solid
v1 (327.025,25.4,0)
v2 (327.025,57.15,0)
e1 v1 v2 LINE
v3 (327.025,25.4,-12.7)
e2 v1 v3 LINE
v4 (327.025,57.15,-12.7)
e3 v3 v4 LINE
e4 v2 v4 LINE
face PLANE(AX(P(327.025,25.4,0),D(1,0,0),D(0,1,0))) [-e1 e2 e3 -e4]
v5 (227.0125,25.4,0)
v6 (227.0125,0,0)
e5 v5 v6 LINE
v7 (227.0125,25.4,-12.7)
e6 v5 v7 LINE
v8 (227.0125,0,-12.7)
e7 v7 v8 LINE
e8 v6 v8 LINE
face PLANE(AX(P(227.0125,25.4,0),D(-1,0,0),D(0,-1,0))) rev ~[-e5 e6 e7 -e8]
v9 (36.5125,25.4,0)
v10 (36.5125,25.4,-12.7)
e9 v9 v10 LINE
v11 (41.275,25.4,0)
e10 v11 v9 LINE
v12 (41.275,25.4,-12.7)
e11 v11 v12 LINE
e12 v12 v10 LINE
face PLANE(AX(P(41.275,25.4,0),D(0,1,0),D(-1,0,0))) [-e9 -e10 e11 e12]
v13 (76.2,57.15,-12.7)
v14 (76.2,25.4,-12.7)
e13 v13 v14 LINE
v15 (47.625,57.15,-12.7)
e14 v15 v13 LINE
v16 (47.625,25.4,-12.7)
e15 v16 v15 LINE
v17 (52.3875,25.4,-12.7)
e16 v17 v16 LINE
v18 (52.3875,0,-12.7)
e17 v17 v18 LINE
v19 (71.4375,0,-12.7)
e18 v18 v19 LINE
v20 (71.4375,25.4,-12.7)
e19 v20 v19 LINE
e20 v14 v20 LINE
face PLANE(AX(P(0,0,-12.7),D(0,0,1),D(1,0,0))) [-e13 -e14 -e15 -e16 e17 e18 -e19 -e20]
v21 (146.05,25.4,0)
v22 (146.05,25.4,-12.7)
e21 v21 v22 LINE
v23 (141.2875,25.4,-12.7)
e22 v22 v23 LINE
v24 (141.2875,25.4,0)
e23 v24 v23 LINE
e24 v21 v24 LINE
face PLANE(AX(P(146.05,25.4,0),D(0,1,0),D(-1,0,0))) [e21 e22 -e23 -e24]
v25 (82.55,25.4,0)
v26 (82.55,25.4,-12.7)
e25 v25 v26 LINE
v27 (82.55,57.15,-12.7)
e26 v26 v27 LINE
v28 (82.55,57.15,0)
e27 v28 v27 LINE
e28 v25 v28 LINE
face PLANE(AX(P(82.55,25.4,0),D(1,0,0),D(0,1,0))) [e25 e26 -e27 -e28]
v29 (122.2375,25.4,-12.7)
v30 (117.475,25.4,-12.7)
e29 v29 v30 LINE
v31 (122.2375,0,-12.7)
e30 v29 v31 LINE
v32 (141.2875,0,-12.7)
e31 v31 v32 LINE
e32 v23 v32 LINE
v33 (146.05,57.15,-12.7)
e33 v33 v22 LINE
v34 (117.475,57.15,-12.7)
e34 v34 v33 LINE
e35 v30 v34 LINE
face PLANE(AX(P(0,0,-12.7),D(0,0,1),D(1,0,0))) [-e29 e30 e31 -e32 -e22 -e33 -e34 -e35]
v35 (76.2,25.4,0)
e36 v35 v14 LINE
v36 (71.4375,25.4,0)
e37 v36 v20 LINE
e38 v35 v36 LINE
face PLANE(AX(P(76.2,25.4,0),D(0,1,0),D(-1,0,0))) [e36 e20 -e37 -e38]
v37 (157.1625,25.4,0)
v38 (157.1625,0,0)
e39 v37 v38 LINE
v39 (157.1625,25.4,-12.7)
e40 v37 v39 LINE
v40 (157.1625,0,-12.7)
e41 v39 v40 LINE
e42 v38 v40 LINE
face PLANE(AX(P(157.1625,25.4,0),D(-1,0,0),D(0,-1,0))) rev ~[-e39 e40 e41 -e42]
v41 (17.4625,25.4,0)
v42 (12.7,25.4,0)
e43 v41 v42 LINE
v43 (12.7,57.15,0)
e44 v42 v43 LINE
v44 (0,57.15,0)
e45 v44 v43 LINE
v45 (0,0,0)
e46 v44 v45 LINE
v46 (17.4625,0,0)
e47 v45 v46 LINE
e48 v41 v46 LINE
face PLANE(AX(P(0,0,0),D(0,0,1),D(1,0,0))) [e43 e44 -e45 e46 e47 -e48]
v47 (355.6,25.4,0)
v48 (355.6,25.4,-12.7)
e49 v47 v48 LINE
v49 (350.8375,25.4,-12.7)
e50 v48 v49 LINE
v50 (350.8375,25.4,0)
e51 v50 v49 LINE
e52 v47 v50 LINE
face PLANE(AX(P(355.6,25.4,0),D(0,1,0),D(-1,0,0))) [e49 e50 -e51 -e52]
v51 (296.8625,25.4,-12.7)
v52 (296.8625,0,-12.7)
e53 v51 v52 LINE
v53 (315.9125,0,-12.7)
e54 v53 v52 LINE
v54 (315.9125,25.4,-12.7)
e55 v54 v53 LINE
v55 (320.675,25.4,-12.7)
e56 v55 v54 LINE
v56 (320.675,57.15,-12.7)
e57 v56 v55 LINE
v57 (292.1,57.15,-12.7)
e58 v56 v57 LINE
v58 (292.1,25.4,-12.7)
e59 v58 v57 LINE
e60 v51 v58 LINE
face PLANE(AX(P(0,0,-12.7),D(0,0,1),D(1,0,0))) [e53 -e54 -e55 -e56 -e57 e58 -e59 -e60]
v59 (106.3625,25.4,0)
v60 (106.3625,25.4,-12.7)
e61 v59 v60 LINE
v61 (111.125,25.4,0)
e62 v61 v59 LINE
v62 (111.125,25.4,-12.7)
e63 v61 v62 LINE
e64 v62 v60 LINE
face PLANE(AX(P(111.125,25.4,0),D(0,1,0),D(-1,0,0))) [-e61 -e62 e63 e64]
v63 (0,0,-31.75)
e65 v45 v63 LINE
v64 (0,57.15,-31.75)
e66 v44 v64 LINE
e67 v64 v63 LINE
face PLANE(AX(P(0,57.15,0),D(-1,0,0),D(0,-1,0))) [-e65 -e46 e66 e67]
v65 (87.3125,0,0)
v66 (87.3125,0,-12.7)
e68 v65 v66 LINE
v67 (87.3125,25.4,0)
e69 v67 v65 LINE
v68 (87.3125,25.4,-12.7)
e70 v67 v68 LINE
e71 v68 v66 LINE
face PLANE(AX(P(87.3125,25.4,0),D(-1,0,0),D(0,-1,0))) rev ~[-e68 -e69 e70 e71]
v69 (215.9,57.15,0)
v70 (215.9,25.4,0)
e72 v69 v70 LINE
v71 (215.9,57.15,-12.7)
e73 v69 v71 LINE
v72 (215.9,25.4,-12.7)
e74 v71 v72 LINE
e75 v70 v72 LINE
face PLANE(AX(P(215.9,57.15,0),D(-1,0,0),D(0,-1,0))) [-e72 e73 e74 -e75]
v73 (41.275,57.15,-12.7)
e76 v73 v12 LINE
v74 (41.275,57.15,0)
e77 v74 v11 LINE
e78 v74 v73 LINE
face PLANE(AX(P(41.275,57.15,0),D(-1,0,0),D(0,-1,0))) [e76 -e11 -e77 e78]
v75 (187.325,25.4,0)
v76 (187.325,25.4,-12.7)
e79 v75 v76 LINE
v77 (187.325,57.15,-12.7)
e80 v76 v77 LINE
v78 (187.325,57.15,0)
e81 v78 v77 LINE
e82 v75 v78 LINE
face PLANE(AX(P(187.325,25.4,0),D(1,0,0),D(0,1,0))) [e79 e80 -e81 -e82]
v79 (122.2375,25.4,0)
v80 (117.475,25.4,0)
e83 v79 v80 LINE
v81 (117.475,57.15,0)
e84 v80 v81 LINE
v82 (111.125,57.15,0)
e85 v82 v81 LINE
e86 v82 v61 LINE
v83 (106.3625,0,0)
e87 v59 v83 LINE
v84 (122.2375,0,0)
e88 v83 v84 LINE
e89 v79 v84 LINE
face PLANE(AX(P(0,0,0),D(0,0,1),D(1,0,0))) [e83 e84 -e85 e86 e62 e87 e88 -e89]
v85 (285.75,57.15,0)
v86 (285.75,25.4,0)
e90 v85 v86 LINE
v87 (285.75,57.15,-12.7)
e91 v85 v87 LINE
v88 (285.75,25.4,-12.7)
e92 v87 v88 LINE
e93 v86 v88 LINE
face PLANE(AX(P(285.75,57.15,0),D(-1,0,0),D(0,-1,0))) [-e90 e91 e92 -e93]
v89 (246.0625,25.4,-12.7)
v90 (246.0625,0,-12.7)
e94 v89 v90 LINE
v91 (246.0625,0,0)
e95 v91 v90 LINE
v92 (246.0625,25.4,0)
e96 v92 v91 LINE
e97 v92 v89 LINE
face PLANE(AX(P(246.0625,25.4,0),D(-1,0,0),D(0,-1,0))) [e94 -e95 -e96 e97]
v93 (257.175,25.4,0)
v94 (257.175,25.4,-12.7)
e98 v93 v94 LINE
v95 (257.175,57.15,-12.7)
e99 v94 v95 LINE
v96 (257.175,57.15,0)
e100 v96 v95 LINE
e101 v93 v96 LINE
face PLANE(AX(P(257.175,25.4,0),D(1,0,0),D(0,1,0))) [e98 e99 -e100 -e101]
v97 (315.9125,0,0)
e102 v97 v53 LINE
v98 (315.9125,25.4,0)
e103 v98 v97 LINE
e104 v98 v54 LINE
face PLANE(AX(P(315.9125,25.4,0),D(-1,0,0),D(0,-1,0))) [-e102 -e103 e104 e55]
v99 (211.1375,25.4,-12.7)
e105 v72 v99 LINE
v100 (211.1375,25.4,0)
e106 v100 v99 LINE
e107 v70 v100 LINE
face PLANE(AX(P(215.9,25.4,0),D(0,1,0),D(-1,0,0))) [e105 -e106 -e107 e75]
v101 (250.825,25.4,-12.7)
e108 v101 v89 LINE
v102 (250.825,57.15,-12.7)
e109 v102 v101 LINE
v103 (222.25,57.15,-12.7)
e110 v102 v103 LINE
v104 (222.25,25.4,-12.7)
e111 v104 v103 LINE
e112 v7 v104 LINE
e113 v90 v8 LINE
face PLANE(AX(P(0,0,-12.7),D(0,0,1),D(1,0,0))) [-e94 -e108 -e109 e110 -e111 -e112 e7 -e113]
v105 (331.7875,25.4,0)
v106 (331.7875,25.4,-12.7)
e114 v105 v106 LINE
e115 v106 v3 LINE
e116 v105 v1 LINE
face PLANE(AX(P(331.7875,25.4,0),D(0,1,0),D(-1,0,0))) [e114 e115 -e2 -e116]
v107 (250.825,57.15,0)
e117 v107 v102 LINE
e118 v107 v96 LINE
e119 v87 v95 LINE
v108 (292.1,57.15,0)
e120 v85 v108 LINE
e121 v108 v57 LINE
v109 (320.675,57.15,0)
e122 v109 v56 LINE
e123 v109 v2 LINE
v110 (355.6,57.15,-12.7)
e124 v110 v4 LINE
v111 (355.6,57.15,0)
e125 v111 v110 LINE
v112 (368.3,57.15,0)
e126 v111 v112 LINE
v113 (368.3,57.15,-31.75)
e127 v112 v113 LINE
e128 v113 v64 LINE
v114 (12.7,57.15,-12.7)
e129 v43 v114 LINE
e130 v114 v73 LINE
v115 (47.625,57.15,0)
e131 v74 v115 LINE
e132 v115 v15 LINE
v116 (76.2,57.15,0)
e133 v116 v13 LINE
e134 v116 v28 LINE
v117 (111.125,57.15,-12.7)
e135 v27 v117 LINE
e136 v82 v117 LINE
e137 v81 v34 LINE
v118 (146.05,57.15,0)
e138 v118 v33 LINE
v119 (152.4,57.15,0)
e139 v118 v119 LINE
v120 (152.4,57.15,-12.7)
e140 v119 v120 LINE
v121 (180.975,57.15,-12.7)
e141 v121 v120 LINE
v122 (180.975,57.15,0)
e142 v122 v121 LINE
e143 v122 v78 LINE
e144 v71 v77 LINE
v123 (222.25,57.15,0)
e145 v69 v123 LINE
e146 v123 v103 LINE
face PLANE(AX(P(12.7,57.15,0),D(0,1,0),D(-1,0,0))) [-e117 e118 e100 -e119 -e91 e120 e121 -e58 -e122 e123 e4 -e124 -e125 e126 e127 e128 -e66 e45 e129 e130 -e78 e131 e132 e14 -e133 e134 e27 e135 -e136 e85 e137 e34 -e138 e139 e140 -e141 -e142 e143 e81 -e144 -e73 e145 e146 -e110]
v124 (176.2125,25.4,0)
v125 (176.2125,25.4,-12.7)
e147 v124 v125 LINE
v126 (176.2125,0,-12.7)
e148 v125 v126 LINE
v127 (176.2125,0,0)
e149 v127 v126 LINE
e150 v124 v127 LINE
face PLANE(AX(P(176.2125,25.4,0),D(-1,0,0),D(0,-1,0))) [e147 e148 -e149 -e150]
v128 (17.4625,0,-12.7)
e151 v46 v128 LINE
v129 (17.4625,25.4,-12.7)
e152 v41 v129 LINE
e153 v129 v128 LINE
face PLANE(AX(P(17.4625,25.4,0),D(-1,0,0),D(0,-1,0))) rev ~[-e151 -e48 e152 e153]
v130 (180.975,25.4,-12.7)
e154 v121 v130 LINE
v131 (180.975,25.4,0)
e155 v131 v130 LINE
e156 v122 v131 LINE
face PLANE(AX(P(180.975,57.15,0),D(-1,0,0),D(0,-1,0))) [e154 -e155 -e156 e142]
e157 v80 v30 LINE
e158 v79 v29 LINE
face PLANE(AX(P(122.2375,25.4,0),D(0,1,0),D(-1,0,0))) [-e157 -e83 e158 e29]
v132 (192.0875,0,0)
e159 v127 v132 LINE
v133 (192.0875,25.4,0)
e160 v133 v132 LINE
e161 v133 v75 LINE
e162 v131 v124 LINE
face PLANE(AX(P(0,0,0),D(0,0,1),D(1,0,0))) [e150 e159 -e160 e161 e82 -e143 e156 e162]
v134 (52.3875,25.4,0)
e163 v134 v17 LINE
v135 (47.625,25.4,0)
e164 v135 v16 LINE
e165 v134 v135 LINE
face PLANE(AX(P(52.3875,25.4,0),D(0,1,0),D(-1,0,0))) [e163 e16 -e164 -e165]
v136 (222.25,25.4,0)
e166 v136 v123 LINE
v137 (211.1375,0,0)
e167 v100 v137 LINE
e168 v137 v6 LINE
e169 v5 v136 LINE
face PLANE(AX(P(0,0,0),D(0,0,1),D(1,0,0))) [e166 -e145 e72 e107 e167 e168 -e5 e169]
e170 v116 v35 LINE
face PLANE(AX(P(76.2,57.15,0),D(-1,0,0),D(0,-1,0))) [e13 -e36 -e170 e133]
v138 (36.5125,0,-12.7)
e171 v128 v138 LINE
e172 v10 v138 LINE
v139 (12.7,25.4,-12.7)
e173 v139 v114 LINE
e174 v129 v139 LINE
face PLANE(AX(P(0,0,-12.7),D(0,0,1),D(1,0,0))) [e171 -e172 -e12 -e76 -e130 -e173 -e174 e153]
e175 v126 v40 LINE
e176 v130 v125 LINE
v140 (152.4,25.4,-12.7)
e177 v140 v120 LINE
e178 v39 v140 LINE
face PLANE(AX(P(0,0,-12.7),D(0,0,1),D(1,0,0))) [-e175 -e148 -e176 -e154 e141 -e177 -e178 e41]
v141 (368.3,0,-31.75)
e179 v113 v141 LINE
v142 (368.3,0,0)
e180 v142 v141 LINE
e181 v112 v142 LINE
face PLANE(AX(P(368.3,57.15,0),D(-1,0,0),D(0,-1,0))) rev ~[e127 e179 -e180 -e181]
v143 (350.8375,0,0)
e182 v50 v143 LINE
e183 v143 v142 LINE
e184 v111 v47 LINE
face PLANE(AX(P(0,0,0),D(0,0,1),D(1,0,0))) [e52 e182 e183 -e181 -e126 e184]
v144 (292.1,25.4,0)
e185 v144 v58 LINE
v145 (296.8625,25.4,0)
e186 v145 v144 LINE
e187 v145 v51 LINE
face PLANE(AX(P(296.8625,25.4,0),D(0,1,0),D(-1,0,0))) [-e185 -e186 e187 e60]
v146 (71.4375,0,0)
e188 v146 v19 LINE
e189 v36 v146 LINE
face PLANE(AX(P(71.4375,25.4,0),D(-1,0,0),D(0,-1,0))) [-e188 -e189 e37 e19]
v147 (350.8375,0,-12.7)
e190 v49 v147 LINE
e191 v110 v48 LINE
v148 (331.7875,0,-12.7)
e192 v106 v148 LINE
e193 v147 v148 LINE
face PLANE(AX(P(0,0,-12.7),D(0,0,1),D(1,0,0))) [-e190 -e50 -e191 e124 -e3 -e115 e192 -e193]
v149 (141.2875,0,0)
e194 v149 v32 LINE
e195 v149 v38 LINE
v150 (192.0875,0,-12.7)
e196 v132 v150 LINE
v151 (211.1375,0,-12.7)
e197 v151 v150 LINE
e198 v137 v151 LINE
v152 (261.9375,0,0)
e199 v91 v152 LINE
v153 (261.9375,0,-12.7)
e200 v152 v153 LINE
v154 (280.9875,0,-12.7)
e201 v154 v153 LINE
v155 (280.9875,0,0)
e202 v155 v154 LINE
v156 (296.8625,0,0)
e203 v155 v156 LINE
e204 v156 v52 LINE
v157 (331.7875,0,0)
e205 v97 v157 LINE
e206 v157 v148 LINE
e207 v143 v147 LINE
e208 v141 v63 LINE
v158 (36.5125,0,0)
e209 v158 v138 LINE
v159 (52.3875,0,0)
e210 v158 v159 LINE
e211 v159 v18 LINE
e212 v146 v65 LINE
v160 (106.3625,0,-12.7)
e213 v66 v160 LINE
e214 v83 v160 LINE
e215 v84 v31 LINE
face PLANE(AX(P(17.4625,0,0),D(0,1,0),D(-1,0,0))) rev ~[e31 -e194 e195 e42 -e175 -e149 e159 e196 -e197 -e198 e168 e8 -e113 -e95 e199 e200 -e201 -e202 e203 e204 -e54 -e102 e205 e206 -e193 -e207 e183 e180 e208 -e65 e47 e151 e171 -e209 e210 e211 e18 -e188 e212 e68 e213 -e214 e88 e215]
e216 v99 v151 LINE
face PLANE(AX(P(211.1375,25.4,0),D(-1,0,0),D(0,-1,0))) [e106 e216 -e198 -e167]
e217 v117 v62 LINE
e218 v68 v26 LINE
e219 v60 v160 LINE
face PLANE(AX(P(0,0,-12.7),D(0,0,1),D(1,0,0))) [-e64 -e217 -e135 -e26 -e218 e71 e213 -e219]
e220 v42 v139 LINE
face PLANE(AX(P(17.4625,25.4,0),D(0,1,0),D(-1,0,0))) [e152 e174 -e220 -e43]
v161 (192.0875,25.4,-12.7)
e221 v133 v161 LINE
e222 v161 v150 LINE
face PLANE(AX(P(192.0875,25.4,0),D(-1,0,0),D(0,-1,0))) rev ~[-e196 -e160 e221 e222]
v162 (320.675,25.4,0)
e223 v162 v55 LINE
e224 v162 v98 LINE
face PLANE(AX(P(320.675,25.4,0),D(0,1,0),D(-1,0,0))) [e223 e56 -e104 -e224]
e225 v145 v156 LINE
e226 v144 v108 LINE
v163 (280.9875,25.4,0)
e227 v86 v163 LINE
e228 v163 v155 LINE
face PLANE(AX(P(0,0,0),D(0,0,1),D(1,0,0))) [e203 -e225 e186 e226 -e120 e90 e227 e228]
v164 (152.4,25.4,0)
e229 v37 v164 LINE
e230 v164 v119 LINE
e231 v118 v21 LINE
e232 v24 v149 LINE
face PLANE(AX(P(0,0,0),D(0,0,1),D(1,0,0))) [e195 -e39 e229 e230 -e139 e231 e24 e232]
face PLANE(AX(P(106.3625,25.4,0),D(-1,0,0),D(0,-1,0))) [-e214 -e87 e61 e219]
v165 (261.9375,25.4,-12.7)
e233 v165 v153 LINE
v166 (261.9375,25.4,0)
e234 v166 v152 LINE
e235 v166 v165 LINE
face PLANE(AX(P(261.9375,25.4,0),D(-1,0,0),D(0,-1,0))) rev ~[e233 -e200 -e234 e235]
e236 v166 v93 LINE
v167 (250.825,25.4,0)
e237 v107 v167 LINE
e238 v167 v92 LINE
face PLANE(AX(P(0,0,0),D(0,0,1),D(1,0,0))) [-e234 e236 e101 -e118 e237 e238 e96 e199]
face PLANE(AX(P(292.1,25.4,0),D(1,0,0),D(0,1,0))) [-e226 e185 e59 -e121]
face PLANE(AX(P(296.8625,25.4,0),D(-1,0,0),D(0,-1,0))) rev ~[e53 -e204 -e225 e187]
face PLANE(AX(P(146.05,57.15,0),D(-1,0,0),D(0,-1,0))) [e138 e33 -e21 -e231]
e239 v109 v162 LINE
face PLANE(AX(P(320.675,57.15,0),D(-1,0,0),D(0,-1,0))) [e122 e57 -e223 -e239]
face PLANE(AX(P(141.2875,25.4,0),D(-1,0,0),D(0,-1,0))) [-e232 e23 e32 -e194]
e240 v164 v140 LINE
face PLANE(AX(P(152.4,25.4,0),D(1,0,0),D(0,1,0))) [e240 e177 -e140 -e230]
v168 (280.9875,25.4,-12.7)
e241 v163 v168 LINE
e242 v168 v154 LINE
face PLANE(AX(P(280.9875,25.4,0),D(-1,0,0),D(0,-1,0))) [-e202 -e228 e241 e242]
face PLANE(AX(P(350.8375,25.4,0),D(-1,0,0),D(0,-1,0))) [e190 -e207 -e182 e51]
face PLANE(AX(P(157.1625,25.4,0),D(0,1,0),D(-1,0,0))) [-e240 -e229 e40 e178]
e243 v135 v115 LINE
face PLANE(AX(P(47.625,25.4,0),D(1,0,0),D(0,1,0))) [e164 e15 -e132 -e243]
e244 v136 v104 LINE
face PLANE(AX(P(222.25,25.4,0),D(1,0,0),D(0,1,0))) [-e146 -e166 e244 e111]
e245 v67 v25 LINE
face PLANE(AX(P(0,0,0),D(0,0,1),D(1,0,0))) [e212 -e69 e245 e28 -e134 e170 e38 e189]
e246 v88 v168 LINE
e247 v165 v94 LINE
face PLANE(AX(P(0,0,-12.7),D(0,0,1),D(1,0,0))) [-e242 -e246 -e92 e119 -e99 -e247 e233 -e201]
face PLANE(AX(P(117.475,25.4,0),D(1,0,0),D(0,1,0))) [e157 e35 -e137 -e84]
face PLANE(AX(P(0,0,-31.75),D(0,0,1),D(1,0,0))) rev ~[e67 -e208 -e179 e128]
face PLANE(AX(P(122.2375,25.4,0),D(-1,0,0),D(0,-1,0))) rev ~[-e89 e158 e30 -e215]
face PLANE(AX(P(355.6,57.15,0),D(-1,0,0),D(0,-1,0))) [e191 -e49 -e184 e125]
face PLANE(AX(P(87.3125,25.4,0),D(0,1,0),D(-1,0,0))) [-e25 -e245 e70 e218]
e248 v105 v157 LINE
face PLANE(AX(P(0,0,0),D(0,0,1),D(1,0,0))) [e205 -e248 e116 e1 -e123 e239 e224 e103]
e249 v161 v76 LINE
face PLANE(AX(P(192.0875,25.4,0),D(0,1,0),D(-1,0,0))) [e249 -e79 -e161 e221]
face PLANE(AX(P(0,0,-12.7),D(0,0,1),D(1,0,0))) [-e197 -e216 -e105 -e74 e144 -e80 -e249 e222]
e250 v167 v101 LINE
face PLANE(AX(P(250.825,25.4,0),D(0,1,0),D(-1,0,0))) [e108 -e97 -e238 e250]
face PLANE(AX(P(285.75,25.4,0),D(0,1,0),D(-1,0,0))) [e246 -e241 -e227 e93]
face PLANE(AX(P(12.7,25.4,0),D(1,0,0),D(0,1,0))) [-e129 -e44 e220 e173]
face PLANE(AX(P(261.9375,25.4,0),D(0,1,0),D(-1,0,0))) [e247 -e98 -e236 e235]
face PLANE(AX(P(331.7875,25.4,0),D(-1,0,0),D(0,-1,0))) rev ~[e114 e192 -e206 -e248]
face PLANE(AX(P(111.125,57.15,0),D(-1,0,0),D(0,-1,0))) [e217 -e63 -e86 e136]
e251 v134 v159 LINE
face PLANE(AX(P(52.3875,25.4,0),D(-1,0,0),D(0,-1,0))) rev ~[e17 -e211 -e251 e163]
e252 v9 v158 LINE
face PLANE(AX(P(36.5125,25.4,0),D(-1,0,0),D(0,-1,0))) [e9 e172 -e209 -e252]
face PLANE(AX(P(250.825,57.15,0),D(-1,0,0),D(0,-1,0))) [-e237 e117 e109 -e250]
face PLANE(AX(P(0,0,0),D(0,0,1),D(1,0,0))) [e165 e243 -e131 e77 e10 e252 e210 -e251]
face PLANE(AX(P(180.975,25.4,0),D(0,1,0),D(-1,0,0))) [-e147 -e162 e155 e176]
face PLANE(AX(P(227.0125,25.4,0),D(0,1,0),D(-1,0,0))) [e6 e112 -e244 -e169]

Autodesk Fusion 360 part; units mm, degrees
sketch "Sketch1" plane through (0, 0, 0) normal (0, 0, 1) x (1, 0, 0)
  line L0 (0, 57.15) -> (0, 0)
  line L1 (12.7, 57.15) -> (41.275, 57.15)
  line L2 (41.275, 57.15) -> (41.275, 25.4)
  line L3 (41.275, 25.4) -> (12.7, 25.4)
  line L4 (12.7, 25.4) -> (12.7, 57.15)
  line L5 (26.9875, 25.4) -> (26.9875, 0) construction
  line L6 (17.4625, 25.4) -> (17.4625, 0)
  line L7 (36.5125, 25.4) -> (36.5125, 0)
  line L8 (17.4625, 0) -> (36.5125, 0)
  line L9 (52.3875, 25.4) -> (52.3875, 0)
  line L10 (47.625, 57.15) -> (76.2, 57.15)
  line L11 (61.9125, 25.4) -> (61.9125, 0) construction
  line L12 (47.625, 25.4) -> (47.625, 57.15)
  line L13 (76.2, 25.4) -> (47.625, 25.4)
  line L14 (76.2, 57.15) -> (76.2, 25.4)
  line L15 (71.4375, 25.4) -> (71.4375, 0)
  line L16 (52.3875, 0) -> (71.4375, 0)
  line L17 (87.3125, 25.4) -> (87.3125, 0)
  line L18 (82.55, 57.15) -> (111.125, 57.15)
  line L19 (96.8375, 25.4) -> (96.8375, 0) construction
  line L20 (82.55, 25.4) -> (82.55, 57.15)
  line L21 (111.125, 25.4) -> (82.55, 25.4)
  line L22 (111.125, 57.15) -> (111.125, 25.4)
  line L23 (106.3625, 25.4) -> (106.3625, 0)
  line L24 (87.3125, 0) -> (106.3625, 0)
  line L25 (122.2375, 25.4) -> (122.2375, 0)
  line L26 (117.475, 57.15) -> (146.05, 57.15)
  line L27 (131.7625, 25.4) -> (131.7625, 0) construction
  line L28 (117.475, 25.4) -> (117.475, 57.15)
  line L29 (146.05, 25.4) -> (117.475, 25.4)
  line L30 (146.05, 57.15) -> (146.05, 25.4)
  line L31 (141.2875, 25.4) -> (141.2875, 0)
  line L32 (122.2375, 0) -> (141.2875, 0)
  line L33 (368.3, 57.15) -> (368.3, 0)
  line L34 (368.3, 0) -> (0, 0)
  line L35 (368.3, 57.15) -> (0, 57.15)
  line L36 (176.2125, 25.4) -> (176.2125, 0)
  line L37 (152.4, 57.15) -> (180.975, 57.15)
  line L38 (166.6875, 25.4) -> (166.6875, 0) construction
  line L39 (157.1625, 25.4) -> (157.1625, 0)
  line L40 (180.975, 25.4) -> (152.4, 25.4)
  line L41 (157.1625, 0) -> (176.2125, 0)
  line L42 (180.975, 57.15) -> (180.975, 25.4)
  line L43 (152.4, 25.4) -> (152.4, 57.15)
  line L44 (211.1375, 25.4) -> (211.1375, 0)
  line L45 (187.325, 57.15) -> (215.9, 57.15)
  line L46 (201.6125, 25.4) -> (201.6125, 0) construction
  line L47 (192.0875, 25.4) -> (192.0875, 0)
  line L48 (215.9, 25.4) -> (187.325, 25.4)
  line L49 (192.0875, 0) -> (211.1375, 0)
  line L50 (215.9, 57.15) -> (215.9, 25.4)
  line L51 (187.325, 25.4) -> (187.325, 57.15)
  line L52 (246.0625, 25.4) -> (246.0625, 0)
  line L53 (227.0125, 0) -> (246.0625, 0)
  line L54 (222.25, 57.15) -> (250.825, 57.15)
  line L55 (222.25, 25.4) -> (222.25, 57.15)
  line L56 (227.0125, 25.4) -> (227.0125, 0)
  line L57 (236.5375, 25.4) -> (236.5375, 0) construction
  line L58 (250.825, 25.4) -> (222.25, 25.4)
  line L59 (250.825, 57.15) -> (250.825, 25.4)
  line L60 (280.9875, 25.4) -> (280.9875, 0)
  line L61 (261.9375, 0) -> (280.9875, 0)
  line L62 (257.175, 57.15) -> (285.75, 57.15)
  line L63 (257.175, 25.4) -> (257.175, 57.15)
  line L64 (261.9375, 25.4) -> (261.9375, 0)
  line L65 (271.4625, 25.4) -> (271.4625, 0) construction
  line L66 (285.75, 25.4) -> (257.175, 25.4)
  line L67 (285.75, 57.15) -> (285.75, 25.4)
  line L68 (315.9125, 25.4) -> (315.9125, 0)
  line L69 (296.8625, 0) -> (315.9125, 0)
  line L70 (292.1, 57.15) -> (320.675, 57.15)
  line L71 (292.1, 25.4) -> (292.1, 57.15)
  line L72 (296.8625, 25.4) -> (296.8625, 0)
  line L73 (306.3875, 25.4) -> (306.3875, 0) construction
  line L74 (320.675, 25.4) -> (292.1, 25.4)
  line L75 (320.675, 57.15) -> (320.675, 25.4)
  line L76 (350.8375, 25.4) -> (350.8375, 0)
  line L77 (331.7875, 0) -> (350.8375, 0)
  line L78 (327.025, 57.15) -> (355.6, 57.15)
  line L79 (327.025, 25.4) -> (327.025, 57.15)
  line L80 (331.7875, 25.4) -> (331.7875, 0)
  line L81 (341.3125, 25.4) -> (341.3125, 0) construction
  line L82 (355.6, 25.4) -> (327.025, 25.4)
  line L83 (355.6, 57.15) -> (355.6, 25.4)
  dimension "d2" = 57.15
  dimension "d4" = 28.575
  dimension "d6" = 9.525
  dimension "d7" = 9.525
  dimension "d39" = 31.75
  dimension "d40" = 28.575
  dimension "d41" = 9.525
  dimension "d42" = 9.525
  dimension "d43" = 31.75
  dimension "d44" = 28.575
  dimension "d45" = 9.525
  dimension "d46" = 9.525
  dimension "d47" = 31.75
  dimension "d48" = 28.575
  dimension "d49" = 9.525
  dimension "d50" = 9.525
  dimension "d51" = 31.75
  dimension "d52" = 6.35
  dimension "d53" = 6.35
  dimension "d54" = 6.35
  dimension "d56" = 28.575
  dimension "d57" = 9.525
  dimension "d58" = 9.525
  dimension "d59" = 31.75
  dimension "d60" = 28.575
  dimension "d61" = 9.525
  dimension "d62" = 9.525
  dimension "d63" = 31.75
  dimension "d64" = 6.35
  dimension "d65" = 6.35
  dimension "d77" = 12.7
  dimension "d78" = 28.575
  dimension "d79" = 9.525
  dimension "d80" = 9.525
  dimension "d81" = 31.75
  dimension "d82" = 28.575
  dimension "d83" = 9.525
  dimension "d84" = 9.525
  dimension "d85" = 31.75
  dimension "d86" = 6.35
  dimension "d87" = 6.35
  dimension "d89" = 28.575
  dimension "d90" = 9.525
  dimension "d91" = 9.525
  dimension "d92" = 31.75
  dimension "d93" = 28.575
  dimension "d94" = 9.525
  dimension "d95" = 9.525
  dimension "d96" = 31.75
  dimension "d97" = 12.7
  dimension "d98" = 6.35
  dimension "d99" = 6.35
extrude "Extrude8" add sketch "Sketch1" against normal blind 31.75
extrude "Extrude9" cut sketch "Sketch1" against normal blind 12.7 contours L1 L2 L3 L4 L35 | L3 L6 L7 L8 L34 | L10 L12 L13 L14 L35 | L9 L13 L15 L16 L34 | L18 L20 L21 L22 L35 | L17 L21 L23 L24 L34 | L26 L28 L29 L30 L35 | L25 L29 L31 L32 L34 | L35 L37 L40 L42 L43 | L34 L36 L39 L40 L41 | L35 L45 L48 L50 L51 | L34 L44 L47 L48 L49 | L35 L54 L55 L58 L59 | L34 L52 L53 L56 L58 | L35 L62 L63 L66 L67 | L34 L60 L61 L64 L66 | L35 L70 L71 L74 L75 | L34 L68 L69 L72 L74 | L35 L78 L79 L82 L83 | L34 L76 L77 L80 L82
